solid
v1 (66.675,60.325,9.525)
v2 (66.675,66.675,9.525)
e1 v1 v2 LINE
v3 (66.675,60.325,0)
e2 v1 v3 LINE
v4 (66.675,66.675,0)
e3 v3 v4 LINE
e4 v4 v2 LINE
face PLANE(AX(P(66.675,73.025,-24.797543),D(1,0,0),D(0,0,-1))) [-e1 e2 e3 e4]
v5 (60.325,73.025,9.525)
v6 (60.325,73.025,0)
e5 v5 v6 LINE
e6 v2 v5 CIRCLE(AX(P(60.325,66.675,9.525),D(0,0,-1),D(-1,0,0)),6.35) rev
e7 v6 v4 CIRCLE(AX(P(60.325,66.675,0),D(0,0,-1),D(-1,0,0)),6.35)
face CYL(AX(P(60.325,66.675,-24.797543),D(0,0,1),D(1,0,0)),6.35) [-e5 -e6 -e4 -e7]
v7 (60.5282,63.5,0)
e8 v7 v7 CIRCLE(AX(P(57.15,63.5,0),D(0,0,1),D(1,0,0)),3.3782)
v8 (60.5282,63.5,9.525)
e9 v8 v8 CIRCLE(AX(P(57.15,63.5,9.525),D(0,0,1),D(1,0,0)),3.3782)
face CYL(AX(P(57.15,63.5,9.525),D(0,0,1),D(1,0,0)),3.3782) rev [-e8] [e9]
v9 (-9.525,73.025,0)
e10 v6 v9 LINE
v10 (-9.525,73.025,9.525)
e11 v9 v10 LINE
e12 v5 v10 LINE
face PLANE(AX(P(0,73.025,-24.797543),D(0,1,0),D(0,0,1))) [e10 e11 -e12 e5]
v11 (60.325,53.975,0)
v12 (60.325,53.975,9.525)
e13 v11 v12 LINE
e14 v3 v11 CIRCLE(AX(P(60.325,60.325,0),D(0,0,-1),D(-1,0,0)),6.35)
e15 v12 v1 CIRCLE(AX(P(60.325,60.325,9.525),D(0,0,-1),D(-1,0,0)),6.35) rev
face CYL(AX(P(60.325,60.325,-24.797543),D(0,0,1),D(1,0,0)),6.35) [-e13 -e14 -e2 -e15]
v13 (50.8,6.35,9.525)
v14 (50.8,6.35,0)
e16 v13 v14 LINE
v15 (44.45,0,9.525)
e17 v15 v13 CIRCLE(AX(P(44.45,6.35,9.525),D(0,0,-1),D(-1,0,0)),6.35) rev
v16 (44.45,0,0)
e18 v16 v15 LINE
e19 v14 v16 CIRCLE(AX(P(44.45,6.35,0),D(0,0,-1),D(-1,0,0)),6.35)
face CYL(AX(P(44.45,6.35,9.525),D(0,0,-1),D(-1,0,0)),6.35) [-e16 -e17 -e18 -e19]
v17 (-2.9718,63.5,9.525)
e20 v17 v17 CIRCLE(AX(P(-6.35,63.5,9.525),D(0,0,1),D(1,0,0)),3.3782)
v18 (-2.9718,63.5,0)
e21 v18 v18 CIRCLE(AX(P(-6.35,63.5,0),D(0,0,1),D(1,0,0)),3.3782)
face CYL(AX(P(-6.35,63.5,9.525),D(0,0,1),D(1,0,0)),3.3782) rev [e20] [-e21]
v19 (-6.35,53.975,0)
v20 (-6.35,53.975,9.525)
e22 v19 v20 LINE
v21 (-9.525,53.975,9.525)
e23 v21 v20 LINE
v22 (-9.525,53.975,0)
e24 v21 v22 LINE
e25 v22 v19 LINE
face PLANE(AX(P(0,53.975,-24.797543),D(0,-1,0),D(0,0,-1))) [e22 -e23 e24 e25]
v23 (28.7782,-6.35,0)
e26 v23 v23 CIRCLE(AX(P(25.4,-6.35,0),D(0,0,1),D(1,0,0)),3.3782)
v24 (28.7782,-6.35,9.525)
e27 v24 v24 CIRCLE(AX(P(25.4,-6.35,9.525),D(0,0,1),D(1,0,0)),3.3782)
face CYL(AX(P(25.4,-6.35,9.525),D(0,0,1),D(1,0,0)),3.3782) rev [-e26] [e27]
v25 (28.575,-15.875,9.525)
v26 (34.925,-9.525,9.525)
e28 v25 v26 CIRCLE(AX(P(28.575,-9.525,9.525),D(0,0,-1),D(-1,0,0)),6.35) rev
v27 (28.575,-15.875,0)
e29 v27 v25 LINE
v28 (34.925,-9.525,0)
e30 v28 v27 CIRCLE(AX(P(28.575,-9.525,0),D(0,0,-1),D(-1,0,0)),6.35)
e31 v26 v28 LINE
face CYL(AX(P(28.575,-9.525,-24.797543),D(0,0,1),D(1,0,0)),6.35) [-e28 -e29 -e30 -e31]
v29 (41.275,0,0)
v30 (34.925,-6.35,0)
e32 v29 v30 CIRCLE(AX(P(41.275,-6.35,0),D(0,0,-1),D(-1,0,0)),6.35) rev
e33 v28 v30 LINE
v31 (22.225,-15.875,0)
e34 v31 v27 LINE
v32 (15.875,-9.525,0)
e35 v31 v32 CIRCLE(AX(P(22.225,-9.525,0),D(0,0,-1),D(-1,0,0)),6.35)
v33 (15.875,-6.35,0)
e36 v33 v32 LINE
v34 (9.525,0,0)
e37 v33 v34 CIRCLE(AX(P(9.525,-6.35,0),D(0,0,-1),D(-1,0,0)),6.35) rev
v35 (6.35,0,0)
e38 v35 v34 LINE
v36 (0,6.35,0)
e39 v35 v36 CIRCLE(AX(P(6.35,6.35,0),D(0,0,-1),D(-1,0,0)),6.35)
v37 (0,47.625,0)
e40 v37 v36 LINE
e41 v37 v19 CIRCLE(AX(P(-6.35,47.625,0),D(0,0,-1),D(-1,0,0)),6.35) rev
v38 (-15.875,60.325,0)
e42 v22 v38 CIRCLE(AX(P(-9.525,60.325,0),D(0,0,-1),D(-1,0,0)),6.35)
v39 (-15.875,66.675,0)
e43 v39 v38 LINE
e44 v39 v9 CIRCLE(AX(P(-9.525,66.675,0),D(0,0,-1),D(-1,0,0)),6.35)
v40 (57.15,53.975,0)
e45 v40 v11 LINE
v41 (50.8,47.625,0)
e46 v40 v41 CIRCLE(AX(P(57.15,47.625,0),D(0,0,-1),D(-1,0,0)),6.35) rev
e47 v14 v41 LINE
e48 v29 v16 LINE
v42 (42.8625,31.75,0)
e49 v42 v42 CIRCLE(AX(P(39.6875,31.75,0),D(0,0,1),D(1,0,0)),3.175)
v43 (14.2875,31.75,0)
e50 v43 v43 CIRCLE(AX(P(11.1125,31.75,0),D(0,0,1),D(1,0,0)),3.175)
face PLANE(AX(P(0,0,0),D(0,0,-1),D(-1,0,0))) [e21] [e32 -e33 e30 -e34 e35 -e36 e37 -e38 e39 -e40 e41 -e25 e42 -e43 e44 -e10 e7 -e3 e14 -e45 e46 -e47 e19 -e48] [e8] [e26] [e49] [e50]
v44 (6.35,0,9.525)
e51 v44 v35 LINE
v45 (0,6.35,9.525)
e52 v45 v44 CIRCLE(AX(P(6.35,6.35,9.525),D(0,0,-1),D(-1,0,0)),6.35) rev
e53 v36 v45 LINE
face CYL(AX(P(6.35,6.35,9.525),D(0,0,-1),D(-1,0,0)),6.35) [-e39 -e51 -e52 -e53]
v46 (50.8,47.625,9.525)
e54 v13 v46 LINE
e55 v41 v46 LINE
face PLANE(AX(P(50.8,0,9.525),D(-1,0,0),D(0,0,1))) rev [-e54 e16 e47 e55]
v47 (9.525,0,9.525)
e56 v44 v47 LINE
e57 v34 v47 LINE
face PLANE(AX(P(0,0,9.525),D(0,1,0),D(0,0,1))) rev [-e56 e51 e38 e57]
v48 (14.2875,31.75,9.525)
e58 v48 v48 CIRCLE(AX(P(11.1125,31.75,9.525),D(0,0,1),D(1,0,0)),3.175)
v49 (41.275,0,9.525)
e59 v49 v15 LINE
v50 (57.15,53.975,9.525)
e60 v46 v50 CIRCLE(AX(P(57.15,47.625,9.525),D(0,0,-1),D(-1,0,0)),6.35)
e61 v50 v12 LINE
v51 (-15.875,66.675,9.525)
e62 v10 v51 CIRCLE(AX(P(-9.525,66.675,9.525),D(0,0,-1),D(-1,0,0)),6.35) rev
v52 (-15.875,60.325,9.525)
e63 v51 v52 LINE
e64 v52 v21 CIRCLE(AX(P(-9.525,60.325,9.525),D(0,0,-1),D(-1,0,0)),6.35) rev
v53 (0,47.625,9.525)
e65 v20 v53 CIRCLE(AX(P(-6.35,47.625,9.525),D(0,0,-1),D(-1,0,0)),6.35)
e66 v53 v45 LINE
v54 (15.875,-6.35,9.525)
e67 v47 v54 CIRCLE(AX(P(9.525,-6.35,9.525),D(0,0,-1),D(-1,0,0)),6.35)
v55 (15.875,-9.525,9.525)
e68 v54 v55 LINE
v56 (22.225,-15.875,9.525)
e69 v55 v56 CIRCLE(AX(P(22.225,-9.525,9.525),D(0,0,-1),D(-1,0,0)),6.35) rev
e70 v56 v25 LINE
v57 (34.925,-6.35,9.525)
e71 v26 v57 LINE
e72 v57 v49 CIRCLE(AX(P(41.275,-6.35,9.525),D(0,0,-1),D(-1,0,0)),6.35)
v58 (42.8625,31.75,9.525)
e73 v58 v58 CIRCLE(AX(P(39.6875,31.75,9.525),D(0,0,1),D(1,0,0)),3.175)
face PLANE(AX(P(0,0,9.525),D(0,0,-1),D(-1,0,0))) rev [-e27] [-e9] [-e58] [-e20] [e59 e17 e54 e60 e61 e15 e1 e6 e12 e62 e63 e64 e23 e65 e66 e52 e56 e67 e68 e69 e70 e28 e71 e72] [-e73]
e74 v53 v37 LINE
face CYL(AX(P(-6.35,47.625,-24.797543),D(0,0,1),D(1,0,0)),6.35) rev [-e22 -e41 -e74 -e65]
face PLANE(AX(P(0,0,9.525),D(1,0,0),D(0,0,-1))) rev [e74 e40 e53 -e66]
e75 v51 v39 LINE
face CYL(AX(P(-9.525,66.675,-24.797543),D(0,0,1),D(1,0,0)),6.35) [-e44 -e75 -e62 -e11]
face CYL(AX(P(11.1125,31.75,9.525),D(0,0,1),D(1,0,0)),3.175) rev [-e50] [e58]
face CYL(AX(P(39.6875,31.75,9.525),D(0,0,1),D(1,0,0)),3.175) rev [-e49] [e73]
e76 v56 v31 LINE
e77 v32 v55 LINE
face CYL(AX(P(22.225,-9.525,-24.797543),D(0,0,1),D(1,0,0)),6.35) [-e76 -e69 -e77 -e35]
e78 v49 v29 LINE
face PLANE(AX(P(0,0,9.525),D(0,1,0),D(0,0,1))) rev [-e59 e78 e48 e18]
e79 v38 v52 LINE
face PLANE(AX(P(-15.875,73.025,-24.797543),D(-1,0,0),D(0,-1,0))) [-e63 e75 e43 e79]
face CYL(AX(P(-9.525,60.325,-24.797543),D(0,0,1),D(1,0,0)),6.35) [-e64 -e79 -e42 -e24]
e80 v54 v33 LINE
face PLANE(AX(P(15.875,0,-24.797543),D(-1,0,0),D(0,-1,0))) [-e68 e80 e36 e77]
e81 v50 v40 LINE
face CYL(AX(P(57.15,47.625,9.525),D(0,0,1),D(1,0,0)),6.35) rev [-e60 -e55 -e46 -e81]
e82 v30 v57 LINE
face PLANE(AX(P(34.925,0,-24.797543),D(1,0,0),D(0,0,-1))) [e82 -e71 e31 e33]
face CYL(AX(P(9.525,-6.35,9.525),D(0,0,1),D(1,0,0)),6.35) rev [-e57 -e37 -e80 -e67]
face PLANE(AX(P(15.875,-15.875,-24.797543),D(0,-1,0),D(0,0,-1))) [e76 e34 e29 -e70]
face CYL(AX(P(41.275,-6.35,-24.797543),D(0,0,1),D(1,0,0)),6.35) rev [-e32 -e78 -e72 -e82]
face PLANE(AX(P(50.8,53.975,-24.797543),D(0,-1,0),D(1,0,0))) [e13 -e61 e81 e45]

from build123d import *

# Parameters (mm, degrees)
SKETCH1_W                   = 50.8
SKETCH1_H                   = 101.6
BOSS_EXTRUDE1_DEPTH         = 9.525
F_3_0_3_DIAMETER_HOLE1_D    = 3
SKETCH4_W                   = 15.875
SKETCH4_H                   = 19.05
SKETCH4_W_2                 = 19.05
SKETCH4_H_2                 = 15.875
BOSS_EXTRUDE2_DEPTH         = 9.525
F_1_4_CLEARANCE_HOLE1_D     = 6.7564
FILLET1_R                   = 6.35
SKETCH7_W                   = 63.5
SKETCH7_H                   = 28.575
CUT_EXTRUDE1_DEPTH          = 122.89684676
F_1_4_0_25_DIAMETER_HOLE1_D = 6.35


with BuildPart() as part:
    # Sketch1 → Boss-Extrude1 (new body)
    with BuildSketch(Plane.XY):
        with Locations((25.4, 50.8)):
            Rectangle(SKETCH1_W, SKETCH1_H)
    extrude(amount=BOSS_EXTRUDE1_DEPTH)

    # Ø3.0 (3) Diameter Hole1 (through all)
    with Locations(Plane.XY.offset(9.525)):
        with Locations((12.899999981, 87.60000006), (37.900000019, 87.60000006)):
            Hole(F_3_0_3_DIAMETER_HOLE1_D / 2)

    # Sketch4 → Boss-Extrude2 (add)
    with BuildSketch(Plane.XY.offset(9.525)):
        with Locations((-7.9375, 63.5)):
            Rectangle(SKETCH4_W, SKETCH4_H)
        with Locations((58.7375, 63.5)):
            Rectangle(SKETCH4_W, SKETCH4_H)
        with Locations((25.4, -7.9375)):
            Rectangle(SKETCH4_W_2, SKETCH4_H_2)
    extrude(amount=-BOSS_EXTRUDE2_DEPTH)

    # 1/4 Clearance Hole1 (through all)
    with Locations(Plane.XY.offset(9.525)):
        with Locations((-6.35, 63.5), (57.15, 63.5), (25.4, -6.35)):
            Hole(F_1_4_CLEARANCE_HOLE1_D / 2)

    # Fillet1
    fillet1_edges = [part.edges().sort_by_distance(p)[0] for p in [
        (-15.875, 73.025, 4.7625),
        (-15.875, 53.975, 4.7625),
        (0, 53.975, 4.7625),
        (0, 73.025, 4.7625),
        (50.8, 53.975, 4.7625),
        (66.675, 53.975, 4.7625),
        (66.675, 73.025, 4.7625),
        (50.8, 73.025, 4.7625),
        (34.925, -15.875, 4.7625),
        (34.925, 0, 4.7625),
        (15.875, 0, 4.7625),
        (15.875, -15.875, 4.7625),
        (0, 101.6, 4.7625),
        (50.8, 101.6, 4.7625),
        (50.8, 0, 4.7625),
        (0, 0, 4.7625),
    ]]
    fillet(fillet1_edges, radius=FILLET1_R)

    # Sketch7 → Cut-Extrude1 (cut, through all)
    with BuildSketch(Plane.XY.offset(9.525)):
        with Locations((25.4, 87.3125)):
            Rectangle(SKETCH7_W, SKETCH7_H)
    extrude(amount=-CUT_EXTRUDE1_DEPTH, mode=Mode.SUBTRACT)

    # 1/4 (0.25) Diameter Hole1 (through all)
    with Locations(Plane.XY.offset(9.525)):
        with Locations((11.1125, 31.75), (39.6875, 31.75)):
            Hole(F_1_4_0_25_DIAMETER_HOLE1_D / 2)


solid = part.part
